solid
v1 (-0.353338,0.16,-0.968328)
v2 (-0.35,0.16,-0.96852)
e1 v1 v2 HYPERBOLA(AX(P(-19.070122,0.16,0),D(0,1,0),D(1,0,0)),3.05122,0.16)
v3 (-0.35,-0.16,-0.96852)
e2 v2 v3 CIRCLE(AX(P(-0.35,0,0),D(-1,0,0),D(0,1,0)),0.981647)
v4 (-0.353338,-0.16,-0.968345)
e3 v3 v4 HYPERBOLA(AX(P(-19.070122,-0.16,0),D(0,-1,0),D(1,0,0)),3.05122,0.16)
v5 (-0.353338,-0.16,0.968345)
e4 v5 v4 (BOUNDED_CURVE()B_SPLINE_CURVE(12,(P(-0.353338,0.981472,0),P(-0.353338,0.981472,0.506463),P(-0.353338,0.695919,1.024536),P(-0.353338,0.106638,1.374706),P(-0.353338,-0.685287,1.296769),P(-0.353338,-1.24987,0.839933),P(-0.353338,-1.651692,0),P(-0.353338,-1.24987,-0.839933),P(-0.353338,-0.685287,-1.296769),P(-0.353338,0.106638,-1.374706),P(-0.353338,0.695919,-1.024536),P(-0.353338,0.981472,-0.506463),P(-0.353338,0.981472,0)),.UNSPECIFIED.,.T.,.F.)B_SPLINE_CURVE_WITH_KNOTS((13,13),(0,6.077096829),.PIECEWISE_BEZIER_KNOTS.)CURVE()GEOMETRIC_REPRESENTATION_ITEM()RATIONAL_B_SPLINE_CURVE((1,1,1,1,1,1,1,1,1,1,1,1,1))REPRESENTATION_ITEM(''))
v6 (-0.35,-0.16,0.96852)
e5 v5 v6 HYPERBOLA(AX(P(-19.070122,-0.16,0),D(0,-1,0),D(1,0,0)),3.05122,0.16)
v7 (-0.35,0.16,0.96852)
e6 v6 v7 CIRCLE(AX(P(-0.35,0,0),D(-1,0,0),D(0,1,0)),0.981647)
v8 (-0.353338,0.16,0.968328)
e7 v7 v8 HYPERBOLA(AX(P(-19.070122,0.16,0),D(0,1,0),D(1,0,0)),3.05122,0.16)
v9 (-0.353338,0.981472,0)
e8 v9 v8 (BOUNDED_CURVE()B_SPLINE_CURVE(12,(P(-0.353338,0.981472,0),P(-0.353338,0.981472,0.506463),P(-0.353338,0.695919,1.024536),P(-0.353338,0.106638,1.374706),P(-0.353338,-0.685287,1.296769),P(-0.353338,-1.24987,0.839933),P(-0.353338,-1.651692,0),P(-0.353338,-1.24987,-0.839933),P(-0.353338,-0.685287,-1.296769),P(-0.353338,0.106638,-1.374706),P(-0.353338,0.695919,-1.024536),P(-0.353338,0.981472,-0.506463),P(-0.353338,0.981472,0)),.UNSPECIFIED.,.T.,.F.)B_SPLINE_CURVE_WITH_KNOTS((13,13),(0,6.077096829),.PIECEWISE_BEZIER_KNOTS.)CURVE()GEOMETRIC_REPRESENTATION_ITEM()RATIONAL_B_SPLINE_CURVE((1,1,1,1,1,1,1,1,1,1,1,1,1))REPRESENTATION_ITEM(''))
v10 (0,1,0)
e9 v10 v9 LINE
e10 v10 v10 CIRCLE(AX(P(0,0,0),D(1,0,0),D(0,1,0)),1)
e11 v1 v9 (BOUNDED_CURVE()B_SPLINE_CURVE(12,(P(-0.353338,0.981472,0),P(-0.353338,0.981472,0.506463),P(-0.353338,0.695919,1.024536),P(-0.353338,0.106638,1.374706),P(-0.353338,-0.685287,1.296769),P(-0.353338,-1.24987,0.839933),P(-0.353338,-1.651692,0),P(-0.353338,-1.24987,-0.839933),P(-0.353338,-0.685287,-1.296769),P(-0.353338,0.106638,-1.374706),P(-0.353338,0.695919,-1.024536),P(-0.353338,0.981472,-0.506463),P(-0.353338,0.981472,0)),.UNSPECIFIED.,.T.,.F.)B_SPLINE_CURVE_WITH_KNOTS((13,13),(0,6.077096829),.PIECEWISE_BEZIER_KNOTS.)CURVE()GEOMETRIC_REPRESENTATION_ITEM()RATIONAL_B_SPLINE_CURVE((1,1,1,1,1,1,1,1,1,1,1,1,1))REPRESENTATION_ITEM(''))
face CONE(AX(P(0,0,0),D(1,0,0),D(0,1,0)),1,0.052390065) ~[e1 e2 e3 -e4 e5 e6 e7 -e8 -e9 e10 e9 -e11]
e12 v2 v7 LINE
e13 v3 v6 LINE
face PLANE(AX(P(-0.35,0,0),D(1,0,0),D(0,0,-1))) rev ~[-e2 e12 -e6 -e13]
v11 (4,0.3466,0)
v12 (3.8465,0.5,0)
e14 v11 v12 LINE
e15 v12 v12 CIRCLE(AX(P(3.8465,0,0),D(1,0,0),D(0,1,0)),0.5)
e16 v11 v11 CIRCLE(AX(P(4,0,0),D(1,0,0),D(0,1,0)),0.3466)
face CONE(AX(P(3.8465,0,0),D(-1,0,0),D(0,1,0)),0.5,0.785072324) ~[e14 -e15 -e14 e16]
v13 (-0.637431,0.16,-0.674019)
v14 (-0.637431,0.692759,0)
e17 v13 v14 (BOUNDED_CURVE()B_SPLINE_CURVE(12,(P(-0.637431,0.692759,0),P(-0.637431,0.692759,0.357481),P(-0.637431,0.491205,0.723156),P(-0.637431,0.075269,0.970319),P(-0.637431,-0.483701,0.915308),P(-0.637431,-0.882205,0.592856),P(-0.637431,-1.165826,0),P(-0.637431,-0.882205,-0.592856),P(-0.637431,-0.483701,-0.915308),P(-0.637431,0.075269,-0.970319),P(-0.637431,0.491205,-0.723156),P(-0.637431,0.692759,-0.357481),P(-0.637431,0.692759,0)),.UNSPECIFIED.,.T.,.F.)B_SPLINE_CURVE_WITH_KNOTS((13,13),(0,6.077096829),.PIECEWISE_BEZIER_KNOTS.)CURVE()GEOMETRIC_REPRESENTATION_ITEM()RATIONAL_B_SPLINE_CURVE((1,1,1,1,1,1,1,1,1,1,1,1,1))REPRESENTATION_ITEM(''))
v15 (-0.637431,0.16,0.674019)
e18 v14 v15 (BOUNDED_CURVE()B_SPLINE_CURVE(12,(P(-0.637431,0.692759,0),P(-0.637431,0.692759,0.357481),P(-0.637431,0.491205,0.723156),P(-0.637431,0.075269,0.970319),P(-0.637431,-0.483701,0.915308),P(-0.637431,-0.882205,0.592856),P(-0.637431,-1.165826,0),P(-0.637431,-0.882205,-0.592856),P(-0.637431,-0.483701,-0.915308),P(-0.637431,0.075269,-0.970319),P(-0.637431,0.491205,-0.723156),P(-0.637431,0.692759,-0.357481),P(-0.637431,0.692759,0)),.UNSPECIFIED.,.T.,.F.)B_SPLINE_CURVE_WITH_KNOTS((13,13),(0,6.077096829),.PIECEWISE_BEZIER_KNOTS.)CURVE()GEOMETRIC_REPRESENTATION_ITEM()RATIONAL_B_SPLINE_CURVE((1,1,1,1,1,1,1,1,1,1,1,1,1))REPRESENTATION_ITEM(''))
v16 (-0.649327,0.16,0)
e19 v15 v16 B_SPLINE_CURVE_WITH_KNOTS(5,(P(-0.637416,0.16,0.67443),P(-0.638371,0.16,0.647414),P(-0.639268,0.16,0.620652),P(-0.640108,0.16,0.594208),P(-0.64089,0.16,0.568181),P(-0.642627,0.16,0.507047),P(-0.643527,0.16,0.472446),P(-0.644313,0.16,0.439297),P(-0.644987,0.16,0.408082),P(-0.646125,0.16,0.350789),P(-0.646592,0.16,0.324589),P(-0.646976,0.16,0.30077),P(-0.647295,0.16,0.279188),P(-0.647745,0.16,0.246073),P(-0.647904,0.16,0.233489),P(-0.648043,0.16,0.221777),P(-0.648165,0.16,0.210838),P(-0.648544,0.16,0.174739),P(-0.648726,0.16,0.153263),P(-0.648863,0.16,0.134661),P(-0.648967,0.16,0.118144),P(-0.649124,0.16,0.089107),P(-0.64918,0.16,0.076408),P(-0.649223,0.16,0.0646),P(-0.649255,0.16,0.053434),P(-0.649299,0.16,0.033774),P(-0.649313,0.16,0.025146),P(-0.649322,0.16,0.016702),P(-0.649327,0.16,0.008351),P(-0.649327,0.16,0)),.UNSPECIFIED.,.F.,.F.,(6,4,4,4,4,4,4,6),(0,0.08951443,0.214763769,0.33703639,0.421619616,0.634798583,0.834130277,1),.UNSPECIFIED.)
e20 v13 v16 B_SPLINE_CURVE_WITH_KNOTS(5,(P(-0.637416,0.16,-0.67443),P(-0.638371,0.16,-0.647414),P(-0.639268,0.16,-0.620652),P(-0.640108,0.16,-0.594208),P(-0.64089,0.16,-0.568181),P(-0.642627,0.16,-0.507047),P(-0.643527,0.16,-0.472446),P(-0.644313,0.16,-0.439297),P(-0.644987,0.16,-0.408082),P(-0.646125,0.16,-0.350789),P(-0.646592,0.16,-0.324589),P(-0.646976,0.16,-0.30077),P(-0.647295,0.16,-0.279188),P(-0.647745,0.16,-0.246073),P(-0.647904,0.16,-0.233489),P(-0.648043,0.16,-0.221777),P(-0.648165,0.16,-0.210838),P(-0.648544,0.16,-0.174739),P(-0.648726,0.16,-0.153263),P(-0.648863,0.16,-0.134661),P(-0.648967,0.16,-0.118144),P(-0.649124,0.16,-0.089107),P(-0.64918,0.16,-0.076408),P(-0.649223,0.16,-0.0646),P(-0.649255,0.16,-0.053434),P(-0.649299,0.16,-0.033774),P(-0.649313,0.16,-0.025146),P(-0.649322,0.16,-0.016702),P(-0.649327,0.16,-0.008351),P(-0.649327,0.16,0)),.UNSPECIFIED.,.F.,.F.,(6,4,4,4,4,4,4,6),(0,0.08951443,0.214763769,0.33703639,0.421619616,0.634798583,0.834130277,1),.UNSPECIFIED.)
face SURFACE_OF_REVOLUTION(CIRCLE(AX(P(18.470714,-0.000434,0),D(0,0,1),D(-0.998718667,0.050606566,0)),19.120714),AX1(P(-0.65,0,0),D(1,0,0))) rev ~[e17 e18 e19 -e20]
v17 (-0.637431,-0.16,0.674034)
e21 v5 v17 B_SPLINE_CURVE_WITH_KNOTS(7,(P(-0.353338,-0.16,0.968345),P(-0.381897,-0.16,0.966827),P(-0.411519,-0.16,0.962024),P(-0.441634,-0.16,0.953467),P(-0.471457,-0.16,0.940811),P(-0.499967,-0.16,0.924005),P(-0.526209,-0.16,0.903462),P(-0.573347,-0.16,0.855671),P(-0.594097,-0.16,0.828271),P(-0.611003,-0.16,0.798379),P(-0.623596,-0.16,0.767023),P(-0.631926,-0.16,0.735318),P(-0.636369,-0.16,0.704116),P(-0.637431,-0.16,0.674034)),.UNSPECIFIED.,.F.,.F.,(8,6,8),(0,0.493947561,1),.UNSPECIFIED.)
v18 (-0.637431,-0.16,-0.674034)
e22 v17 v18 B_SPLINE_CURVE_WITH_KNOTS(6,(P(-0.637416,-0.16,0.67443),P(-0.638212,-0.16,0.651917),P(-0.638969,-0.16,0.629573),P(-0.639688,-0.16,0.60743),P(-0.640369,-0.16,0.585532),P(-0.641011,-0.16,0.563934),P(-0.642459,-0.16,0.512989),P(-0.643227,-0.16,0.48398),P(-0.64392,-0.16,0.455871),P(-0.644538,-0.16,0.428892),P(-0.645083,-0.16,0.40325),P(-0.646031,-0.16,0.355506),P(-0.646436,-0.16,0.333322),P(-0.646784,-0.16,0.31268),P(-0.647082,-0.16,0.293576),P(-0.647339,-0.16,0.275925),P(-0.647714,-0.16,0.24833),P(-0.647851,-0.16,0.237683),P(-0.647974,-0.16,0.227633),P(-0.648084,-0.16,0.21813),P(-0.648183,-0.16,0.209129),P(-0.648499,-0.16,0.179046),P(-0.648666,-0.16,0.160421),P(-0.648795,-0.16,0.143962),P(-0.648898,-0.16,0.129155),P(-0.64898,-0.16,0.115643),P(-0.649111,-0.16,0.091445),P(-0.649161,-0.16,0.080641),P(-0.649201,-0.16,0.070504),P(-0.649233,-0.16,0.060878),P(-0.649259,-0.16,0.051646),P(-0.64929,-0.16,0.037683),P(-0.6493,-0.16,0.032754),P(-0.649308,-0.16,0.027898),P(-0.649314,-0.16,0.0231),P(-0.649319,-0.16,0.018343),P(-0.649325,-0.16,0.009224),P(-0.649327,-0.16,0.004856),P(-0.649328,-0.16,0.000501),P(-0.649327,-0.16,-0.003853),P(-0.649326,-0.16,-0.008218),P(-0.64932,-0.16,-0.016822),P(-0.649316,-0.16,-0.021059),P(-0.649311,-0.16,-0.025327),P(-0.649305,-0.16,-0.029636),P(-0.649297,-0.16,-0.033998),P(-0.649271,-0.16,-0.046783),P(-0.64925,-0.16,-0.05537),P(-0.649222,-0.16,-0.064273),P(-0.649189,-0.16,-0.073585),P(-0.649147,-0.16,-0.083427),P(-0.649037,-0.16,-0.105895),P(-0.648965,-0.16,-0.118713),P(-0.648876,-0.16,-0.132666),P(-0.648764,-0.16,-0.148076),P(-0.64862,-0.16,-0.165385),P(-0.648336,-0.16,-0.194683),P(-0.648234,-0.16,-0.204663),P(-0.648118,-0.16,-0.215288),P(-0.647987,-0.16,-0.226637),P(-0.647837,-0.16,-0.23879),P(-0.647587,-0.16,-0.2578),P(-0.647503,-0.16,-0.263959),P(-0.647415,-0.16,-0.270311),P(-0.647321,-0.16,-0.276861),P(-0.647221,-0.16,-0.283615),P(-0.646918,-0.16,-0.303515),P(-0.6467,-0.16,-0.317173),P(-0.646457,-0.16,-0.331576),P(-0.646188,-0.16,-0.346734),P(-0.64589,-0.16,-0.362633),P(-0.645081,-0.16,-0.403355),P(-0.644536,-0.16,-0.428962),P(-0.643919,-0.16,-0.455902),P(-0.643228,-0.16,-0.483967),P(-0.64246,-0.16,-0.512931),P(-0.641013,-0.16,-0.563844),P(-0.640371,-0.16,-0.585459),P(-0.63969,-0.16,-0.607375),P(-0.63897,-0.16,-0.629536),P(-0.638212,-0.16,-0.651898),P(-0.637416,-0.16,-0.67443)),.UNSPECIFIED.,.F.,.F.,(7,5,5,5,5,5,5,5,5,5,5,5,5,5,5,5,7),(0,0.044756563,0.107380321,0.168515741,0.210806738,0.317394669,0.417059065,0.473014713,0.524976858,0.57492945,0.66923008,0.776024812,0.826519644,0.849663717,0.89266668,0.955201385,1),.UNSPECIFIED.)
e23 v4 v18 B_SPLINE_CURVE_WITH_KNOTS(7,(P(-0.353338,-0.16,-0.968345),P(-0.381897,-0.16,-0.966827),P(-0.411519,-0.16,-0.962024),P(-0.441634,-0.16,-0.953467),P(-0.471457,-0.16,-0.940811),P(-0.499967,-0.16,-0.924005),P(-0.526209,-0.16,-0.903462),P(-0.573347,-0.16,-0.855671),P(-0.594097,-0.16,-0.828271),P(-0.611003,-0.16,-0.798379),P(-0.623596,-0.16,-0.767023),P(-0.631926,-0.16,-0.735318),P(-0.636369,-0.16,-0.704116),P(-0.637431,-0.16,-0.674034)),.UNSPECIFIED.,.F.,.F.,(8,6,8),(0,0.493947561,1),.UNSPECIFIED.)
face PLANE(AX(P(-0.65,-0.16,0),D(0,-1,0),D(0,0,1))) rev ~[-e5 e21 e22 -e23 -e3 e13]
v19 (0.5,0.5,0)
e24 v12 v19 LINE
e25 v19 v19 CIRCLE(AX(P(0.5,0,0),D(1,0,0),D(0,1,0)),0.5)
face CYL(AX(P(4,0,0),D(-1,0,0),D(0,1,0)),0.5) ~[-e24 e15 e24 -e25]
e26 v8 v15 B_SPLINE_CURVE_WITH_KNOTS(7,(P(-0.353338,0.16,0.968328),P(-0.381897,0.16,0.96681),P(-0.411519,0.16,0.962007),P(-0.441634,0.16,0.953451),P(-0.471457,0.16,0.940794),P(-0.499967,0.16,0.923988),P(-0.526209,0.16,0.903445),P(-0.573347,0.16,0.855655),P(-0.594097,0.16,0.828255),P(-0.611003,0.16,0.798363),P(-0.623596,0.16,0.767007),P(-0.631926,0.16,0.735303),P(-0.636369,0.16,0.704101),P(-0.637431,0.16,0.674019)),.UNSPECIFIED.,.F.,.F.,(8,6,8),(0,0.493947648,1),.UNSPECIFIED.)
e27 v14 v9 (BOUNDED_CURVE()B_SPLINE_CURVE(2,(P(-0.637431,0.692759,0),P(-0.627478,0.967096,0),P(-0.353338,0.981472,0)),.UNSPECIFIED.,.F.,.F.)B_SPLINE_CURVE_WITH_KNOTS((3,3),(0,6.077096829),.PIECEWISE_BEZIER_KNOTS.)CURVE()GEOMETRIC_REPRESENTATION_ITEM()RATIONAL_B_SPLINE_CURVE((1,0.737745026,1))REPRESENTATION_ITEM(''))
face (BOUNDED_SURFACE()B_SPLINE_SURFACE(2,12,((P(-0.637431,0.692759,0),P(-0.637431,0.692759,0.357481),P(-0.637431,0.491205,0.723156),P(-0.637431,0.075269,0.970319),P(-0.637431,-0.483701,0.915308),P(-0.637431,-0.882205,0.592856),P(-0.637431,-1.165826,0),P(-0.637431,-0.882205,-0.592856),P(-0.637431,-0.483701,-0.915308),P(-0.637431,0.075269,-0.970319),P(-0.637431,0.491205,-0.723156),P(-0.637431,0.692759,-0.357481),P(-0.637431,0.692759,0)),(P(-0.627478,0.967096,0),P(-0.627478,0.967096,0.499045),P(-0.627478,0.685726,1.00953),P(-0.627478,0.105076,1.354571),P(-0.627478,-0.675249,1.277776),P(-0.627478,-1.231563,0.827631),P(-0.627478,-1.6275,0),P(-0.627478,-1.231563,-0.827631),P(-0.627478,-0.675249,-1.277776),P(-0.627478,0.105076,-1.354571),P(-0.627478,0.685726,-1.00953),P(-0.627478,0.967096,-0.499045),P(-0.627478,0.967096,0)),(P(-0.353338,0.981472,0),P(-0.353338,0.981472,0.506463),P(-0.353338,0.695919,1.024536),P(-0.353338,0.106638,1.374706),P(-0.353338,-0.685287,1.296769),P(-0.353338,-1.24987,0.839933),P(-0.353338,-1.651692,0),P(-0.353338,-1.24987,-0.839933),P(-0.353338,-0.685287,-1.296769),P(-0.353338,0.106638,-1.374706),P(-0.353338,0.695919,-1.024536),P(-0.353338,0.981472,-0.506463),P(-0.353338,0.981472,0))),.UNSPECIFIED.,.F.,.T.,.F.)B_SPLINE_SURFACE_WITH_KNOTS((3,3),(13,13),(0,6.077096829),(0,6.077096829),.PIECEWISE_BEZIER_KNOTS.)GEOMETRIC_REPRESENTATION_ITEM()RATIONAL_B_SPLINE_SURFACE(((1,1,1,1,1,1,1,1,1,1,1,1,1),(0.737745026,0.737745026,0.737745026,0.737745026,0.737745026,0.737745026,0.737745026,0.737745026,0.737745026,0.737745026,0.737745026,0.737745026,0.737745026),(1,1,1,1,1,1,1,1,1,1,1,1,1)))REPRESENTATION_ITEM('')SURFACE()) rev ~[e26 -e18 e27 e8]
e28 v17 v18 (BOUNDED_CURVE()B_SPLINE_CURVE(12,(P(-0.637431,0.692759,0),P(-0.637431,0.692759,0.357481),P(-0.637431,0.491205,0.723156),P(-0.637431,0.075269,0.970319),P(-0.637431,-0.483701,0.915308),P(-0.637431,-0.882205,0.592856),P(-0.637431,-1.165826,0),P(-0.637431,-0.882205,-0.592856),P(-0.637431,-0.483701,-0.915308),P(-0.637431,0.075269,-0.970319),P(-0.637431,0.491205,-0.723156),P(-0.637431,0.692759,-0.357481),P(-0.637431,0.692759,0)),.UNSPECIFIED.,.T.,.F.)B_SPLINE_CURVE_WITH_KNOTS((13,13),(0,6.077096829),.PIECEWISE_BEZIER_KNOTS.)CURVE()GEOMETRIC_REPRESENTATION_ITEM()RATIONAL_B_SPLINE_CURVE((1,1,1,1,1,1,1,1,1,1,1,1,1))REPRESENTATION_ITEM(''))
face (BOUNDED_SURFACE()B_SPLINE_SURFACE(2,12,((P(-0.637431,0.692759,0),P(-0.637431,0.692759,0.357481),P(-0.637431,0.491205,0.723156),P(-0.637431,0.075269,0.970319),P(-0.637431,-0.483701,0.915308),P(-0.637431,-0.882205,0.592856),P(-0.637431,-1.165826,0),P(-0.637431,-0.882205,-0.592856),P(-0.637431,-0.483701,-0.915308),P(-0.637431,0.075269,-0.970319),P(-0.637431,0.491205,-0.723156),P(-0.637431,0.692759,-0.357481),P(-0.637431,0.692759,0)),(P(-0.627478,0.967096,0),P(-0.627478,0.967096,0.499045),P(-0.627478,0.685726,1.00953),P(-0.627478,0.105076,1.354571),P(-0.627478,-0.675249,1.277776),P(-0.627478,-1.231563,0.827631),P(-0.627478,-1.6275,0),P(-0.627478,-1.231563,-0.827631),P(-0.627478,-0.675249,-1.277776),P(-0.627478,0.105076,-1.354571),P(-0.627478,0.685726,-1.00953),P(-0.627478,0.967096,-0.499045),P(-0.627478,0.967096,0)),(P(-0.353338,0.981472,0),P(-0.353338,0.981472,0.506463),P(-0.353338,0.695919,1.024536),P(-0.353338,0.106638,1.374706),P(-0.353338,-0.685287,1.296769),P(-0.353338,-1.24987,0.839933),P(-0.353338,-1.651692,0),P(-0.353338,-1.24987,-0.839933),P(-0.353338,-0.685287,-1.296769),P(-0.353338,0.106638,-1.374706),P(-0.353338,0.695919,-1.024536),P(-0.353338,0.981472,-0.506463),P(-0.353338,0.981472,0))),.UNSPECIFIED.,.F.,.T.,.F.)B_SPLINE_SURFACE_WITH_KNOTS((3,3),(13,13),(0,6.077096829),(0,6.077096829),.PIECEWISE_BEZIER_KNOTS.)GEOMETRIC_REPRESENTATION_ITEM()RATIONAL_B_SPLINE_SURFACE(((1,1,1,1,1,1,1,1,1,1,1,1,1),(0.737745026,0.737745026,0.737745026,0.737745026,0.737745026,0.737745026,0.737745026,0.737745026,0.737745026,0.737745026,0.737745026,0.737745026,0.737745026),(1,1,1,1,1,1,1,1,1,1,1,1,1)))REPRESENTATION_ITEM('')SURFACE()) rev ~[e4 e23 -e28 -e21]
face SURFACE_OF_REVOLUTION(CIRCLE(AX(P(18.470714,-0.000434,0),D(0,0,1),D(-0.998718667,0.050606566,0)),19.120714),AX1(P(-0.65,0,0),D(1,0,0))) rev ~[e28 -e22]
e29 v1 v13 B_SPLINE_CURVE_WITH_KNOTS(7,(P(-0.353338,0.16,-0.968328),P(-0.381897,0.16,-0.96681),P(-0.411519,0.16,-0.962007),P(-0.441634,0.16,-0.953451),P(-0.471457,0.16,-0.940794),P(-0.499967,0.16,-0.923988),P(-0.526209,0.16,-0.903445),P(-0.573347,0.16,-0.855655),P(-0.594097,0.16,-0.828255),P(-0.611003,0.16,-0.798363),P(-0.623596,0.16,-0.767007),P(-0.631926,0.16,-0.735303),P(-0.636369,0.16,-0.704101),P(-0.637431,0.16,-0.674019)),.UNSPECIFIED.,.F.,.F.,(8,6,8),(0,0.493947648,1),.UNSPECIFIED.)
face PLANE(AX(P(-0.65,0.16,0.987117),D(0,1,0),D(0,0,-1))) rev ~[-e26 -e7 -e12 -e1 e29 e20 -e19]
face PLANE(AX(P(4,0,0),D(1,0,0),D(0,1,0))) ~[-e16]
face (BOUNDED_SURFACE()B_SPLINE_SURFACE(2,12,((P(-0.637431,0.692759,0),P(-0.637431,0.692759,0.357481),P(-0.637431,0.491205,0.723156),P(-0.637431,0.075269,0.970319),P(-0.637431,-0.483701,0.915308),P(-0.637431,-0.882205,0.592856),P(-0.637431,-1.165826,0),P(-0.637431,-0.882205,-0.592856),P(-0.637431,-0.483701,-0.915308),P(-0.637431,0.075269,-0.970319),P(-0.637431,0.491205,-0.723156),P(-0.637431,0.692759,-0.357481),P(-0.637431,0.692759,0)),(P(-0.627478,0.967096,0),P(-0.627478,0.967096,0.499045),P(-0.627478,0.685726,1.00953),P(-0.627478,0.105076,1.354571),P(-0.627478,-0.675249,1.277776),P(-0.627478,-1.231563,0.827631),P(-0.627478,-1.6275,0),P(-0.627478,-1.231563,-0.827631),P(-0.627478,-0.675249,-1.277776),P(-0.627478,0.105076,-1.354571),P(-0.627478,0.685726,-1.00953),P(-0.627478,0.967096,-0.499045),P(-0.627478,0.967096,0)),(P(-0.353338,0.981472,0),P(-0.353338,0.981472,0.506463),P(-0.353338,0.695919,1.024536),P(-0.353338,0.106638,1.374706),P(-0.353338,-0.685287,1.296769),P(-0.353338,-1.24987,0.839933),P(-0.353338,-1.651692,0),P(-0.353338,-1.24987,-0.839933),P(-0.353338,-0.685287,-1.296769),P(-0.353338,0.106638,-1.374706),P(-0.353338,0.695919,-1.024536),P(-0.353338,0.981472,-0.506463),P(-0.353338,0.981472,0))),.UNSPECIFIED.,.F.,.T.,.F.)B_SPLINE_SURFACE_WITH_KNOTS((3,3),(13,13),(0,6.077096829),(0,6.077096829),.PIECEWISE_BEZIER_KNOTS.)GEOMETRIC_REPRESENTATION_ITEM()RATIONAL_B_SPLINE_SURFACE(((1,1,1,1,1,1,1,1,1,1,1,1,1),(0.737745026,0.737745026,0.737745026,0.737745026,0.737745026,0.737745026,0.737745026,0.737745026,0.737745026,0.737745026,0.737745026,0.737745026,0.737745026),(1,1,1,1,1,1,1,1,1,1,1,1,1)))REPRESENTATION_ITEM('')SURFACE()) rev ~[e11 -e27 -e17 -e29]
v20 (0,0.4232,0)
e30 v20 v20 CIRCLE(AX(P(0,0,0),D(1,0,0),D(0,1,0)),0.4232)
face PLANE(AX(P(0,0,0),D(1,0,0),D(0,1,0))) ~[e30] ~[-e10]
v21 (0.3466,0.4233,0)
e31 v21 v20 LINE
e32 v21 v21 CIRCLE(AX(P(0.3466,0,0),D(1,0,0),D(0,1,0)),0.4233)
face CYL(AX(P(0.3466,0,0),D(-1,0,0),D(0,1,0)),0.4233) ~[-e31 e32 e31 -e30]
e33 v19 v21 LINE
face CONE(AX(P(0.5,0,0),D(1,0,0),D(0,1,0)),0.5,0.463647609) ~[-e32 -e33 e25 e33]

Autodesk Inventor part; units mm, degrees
ref_plane "YZ Plane" through (0, 0, 0) normal (1, 0, 0) x (0, 1, 0)
sketch "Sketch1" plane through (0, 0, 0) normal (0, 0, 1) x (1, 0, 0)
  line L0 (-0.65, 0) -> (4, 0)
  line L1 (4, 0) -> (4, 0.5)
  line L2 (4, 0.5) -> (0.5, 0.5)
  line L3 (0.5, 0.5) -> (0.3466, 0.4233)
  line L4 (0.3466, 0.4233) -> (0, 0.4232)
  line L5 (0, 0.4232) -> (0, 1)
  line L6 (-4.4792, 0) -> (22.2824, 0) projected
  line L7 (0, -0.2) -> (0, 1.2) projected
  line L8 (0, 1) -> (-0.6255, 0.9672)
  arc A0 (-0.6255, 0.9672) -> (-0.65, 0) centre (18.4593, 0) ccw
  dimension "d0" = 4
  dimension "d1" = 3.5
  dimension "d2" = 0.1534
  dimension "d3" = 0.65
  dimension "d4" = 1
  dimension "d5" = 0.8465
  dimension "d9" = 2
  dimension "d10" = 3
  dimension "d15" = 19.1093
revolve "Body" add sketch "Sketch1" angle 360 about axis through (-0.65, 0, 0) along (1, 0, 0)
fillet "Fillet1" radius 0.3 1 edges at (-0.6255, -0.9672, 0)
ref_plane "IDS_WORKPLANE{1}" through (-0.65, 0, 0) normal (1, 0, 0) x (0, 0, -1)
sketch "Sketch2" plane through (-0.65, 0, 0) normal (1, 0, 0) x (0, 0, -1)
  line L0 (0, -1.4) -> (0, 1.4) projected
  line L1 (1.4, 0) -> (-1.4, 0) projected
  line L2 (-1, 0.16) -> (1, 0.16)
  line L3 (1, 0.16) -> (1, -0.16)
  line L4 (1, -0.16) -> (-1, -0.16)
  line L5 (-1, -0.16) -> (-1, 0.16)
  line L6 (0, 0.16) -> (0, -0.16) construction
  line L7 (-1, 0) -> (1, 0) construction
  circle A0 centre (0, 0) radius 1 projected
  dimension "d17" = 0.32
extrude "Slot" cut sketch "Sketch2" along normal blind 0.3 contours L4 A0 L1 L0 | L0 L1 A0 L4 | L4 L5 A0 | A0 L3 L4 | L1 A0 L2 L0 | L0 L2 A0 L1 | L5 L2 A0 | A0 L2 L3
thread "Thread" size "M1x0.25" class "6g" standard "ISO Metric profile" length 3.5
chamfer "Chamfer1" distance 0.1534 distance2 0.1535 1 edges at (4, -0.5, 0) measured on face at (4, -0.1476, -0.0775)
ref_plane "Work Plane2" through (8.25, 0, 0) normal (0, 0, -1) x (1, 0, 0)
equation "\"d17\" = SBR"
equation "\"d18\" = STI"
equation "\"d20\" = RR"
equation "\"d11\" = GEL"
equation "\"d13\" = -0.5 * SPD + 0.5 * GD"
equation "\"d0\" = NLG"
equation "\"d1\" = GEL"
equation "\"d2\" = GAL"
equation "\"d3\" = KOH"
equation "\"d4\" = GD"
equation "\"d5\" = BDM"
equation "\"d9\" = KOD"
equation "\"d10\" = KEWI"
equation "\"GD\" = NND"
equation "\"NLG\" = 4"
equation "\"GEL\" = 3.5"
equation "\"KOD\" = 2"
equation "\"KOH\" = 0.65"
equation "\"GAL\" = 0.61345 * PTC"
equation "\"SPD\" = NND - 1.2269 * PTC"
equation "\"BDM\" = 0.8465"
equation "\"GUL\" = 0.61345 * PTC"
equation "\"RR\" = 0.3"
equation "\"SBR\" = 0.32"
equation "\"STI\" = 0.3"
equation "\"KEWI\" = 3deg"
equation "\"KR\" = 3"
equation "\"d16\" = -KOH"
equation "\"PTC\" = 0.25"
equation "\"THREADDIA\" = 1"
equation "\"TOA\" = 30deg"
equation "\"NND\" = 1"
equation "\"GD1\" = THREADDIA - 1.2269 * PTC"
properties part number "KS B 1021 - M 1 x 4" material "Steel, Mild"
